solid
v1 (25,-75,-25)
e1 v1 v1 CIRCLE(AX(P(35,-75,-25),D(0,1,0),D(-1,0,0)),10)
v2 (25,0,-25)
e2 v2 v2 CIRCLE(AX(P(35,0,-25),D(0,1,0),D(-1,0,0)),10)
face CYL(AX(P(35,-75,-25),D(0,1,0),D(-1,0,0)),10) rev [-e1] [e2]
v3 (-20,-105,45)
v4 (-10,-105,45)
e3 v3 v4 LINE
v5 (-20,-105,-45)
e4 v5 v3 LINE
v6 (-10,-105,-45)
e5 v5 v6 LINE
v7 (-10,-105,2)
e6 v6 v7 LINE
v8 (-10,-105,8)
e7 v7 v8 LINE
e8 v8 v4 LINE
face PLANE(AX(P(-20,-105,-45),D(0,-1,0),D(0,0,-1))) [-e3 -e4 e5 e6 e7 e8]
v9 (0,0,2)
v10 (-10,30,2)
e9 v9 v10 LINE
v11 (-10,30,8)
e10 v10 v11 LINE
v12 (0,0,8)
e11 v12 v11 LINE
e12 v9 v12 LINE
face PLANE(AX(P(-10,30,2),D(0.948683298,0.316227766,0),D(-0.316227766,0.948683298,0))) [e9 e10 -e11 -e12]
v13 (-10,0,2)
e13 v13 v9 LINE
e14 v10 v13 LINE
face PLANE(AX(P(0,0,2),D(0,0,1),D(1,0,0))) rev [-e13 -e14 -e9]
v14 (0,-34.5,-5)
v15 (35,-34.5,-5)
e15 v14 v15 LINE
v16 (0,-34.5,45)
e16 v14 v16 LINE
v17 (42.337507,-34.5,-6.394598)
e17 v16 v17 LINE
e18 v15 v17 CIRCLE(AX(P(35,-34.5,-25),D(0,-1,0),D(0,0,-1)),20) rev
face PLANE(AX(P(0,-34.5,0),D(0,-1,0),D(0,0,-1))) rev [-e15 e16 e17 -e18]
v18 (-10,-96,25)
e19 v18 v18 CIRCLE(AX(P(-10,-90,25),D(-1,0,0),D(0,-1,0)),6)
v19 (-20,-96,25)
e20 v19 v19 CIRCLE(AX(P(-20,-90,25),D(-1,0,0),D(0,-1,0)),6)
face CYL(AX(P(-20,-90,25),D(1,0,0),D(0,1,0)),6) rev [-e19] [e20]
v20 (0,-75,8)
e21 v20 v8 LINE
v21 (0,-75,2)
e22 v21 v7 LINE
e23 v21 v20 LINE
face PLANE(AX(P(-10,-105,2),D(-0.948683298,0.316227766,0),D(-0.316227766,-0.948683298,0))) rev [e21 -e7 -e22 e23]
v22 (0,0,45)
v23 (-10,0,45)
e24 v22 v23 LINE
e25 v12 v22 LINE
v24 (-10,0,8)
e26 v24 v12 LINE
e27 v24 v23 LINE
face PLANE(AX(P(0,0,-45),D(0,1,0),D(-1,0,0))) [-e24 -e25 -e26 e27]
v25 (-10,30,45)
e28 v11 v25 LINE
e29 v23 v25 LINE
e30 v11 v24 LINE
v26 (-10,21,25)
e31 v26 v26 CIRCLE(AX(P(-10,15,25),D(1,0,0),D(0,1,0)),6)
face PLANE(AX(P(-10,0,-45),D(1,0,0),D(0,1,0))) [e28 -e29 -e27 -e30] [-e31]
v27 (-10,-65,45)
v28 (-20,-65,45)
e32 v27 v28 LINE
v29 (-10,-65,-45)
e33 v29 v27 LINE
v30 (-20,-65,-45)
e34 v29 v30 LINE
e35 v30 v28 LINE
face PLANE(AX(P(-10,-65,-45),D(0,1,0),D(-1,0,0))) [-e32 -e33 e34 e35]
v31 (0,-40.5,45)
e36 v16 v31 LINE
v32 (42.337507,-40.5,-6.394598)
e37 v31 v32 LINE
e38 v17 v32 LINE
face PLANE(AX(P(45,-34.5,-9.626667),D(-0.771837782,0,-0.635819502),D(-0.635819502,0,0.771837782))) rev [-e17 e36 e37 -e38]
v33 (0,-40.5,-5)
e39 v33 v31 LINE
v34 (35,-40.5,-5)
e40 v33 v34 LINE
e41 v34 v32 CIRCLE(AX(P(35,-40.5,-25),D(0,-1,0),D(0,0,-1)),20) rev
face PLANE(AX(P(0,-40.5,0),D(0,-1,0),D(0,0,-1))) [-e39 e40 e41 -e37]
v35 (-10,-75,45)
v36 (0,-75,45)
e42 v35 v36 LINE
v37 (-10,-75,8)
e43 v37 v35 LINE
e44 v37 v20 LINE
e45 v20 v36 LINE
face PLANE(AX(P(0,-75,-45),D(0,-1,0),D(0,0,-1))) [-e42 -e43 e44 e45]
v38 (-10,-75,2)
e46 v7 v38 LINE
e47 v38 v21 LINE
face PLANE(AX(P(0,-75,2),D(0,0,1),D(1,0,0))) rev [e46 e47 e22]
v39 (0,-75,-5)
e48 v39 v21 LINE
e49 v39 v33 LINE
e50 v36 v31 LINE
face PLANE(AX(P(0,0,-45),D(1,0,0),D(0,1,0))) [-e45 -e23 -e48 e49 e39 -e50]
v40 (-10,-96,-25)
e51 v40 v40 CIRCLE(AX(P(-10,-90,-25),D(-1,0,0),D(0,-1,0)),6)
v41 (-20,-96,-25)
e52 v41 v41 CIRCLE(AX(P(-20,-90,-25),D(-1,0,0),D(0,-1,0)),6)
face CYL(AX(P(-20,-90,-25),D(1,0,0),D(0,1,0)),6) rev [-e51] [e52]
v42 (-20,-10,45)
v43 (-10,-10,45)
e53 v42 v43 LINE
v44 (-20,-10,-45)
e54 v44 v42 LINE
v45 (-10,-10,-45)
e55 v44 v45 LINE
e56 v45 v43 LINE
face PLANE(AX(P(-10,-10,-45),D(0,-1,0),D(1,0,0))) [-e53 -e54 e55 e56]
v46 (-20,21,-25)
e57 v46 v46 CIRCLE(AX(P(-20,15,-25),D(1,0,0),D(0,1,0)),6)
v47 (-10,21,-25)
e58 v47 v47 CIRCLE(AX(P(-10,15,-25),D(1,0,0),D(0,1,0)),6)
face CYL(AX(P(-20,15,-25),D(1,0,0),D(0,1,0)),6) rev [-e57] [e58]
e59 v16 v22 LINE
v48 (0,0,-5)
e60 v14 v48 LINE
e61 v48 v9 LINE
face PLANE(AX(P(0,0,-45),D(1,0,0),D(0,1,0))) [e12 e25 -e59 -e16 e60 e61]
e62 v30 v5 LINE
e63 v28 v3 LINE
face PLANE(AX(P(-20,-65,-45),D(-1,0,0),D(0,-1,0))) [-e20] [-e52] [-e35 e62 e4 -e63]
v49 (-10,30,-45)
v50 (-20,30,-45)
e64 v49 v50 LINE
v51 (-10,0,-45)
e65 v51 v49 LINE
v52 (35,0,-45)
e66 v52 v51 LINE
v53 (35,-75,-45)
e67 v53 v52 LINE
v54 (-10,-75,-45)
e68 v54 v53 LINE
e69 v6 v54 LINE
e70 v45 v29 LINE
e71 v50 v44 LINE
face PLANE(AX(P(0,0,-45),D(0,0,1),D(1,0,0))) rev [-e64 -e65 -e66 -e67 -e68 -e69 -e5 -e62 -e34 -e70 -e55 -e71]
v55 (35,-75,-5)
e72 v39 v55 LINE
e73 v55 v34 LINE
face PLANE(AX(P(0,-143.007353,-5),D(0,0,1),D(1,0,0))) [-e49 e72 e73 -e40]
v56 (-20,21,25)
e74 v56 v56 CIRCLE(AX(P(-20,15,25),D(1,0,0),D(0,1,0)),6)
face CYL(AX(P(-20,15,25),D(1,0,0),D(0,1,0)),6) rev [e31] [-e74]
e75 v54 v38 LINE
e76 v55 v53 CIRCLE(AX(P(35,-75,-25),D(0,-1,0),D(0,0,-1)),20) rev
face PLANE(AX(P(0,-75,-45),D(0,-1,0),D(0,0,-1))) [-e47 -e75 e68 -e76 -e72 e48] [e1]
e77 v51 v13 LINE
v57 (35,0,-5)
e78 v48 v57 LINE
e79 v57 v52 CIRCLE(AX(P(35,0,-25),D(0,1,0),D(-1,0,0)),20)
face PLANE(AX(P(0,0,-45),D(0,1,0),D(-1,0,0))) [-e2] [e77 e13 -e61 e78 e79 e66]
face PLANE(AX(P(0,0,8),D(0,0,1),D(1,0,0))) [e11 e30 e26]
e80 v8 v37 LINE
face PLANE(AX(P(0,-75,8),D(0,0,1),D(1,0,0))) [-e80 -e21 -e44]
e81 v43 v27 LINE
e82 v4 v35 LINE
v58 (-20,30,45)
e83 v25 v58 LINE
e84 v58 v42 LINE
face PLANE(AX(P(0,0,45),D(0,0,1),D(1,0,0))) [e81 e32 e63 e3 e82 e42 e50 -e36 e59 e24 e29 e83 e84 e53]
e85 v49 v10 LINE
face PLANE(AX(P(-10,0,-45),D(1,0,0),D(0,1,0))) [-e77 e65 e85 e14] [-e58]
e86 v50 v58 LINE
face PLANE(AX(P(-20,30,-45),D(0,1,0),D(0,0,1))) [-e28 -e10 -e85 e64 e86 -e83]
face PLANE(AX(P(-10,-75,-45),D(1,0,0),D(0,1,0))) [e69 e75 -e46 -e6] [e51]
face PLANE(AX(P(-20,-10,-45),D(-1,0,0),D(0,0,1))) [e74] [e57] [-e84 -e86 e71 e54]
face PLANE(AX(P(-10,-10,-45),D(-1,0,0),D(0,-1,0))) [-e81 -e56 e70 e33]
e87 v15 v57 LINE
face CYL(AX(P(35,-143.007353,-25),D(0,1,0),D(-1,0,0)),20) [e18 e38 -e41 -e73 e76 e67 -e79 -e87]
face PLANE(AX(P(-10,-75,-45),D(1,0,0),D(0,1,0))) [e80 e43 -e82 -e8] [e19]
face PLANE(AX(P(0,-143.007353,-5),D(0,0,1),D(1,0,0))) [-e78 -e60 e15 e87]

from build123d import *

# Parameters (mm, degrees)
Y_KSEKLIK_EKSTR_ZYON1_DEPTH = 45
Y_KSEKLIK_EKSTR_ZYON2_DEPTH = 75
IZIM3_R                     = 10
KES_EKSTR_ZYON1_DEPTH       = 75
IZIM4_R                     = 6
KES_EKSTR_ZYON2_DEPTH       = 11
Y_KSEKLIK_EKSTR_ZYON3_DEPTH = 6
Y_KSEKLIK_EKSTR_ZYON4_DEPTH = 3


with BuildPart() as part:
    # Çizim1 → Yükseklik-Ekstrüzyon1 (new body, symmetric)
    with BuildSketch(Plane.XY):
        Polygon((0, 0), (0, -75), (-10, -75), (-10, -105), (-20, -105), (-20, -65), (-10, -65), (-10, -10), (-20, -10), (-20, 30), (-10, 30), (-10, 0), align=None)
    extrude(amount=Y_KSEKLIK_EKSTR_ZYON1_DEPTH, both=True)

    # Çizim2 → Yükseklik-Ekstrüzyon2 (add)
    with BuildSketch(Plane(origin=(0, 0, 0), x_dir=(1, 0, 0), z_dir=(0, 1, 0))):
        with BuildLine():
            Line((0, 45), (35, 45))
            ThreePointArc((35, 45), (55, 25), (35, 5))
            Line((35, 5), (0, 5))
            Line((0, 5), (0, 45))
        make_face()
    extrude(amount=-Y_KSEKLIK_EKSTR_ZYON2_DEPTH)

    # Çizim3 → Kes-Ekstrüzyon1 (cut)
    with BuildSketch(Plane(origin=(0, 0, 0), x_dir=(1, 0, 0), z_dir=(0, 1, 0))):
        with Locations((35, 25)):
            Circle(IZIM3_R)
    extrude(amount=-KES_EKSTR_ZYON1_DEPTH, mode=Mode.SUBTRACT)

    # Çizim4 → Kes-Ekstrüzyon2 (cut, through all)
    with BuildSketch(Plane(origin=(-10, 0, 0), x_dir=(0, 0, -1), z_dir=(1, 0, 0))):
        with Locations((-25, 15)):
            Circle(IZIM4_R)
        with Locations((25, 15)):
            Circle(IZIM4_R)
    kes_ekstr_zyon2 = extrude(amount=-KES_EKSTR_ZYON2_DEPTH, mode=Mode.SUBTRACT)

    # Aynalama1: Kes-Ekstrüzyon2 across plane
    add(kes_ekstr_zyon2.mirror(Plane.ZX.offset(-37.5)), mode=Mode.SUBTRACT)

    # Çizim5 → Yükseklik-Ekstrüzyon3 (add)
    with BuildSketch(Plane.XY.offset(8)):
        Polygon((-10, 30), (0, 0), (-10, 0), align=None)
    y_kseklik_ekstr_zyon3 = extrude(amount=-Y_KSEKLIK_EKSTR_ZYON3_DEPTH)

    # Aynalama2: Yükseklik-Ekstrüzyon3 across plane
    add(y_kseklik_ekstr_zyon3.mirror(Plane.ZX.offset(-37.5)))

    # Çizim6 → Yükseklik-Ekstrüzyon4 (add, symmetric)
    with BuildSketch(Plane(origin=(0, -37.5, 0), x_dir=(1, 0, 0), z_dir=(0, 1, 0))):
        Polygon((0, 9.626666966), (45, 9.626666966), (0, -45), align=None)
    extrude(amount=Y_KSEKLIK_EKSTR_ZYON4_DEPTH, both=True)


solid = part.part
